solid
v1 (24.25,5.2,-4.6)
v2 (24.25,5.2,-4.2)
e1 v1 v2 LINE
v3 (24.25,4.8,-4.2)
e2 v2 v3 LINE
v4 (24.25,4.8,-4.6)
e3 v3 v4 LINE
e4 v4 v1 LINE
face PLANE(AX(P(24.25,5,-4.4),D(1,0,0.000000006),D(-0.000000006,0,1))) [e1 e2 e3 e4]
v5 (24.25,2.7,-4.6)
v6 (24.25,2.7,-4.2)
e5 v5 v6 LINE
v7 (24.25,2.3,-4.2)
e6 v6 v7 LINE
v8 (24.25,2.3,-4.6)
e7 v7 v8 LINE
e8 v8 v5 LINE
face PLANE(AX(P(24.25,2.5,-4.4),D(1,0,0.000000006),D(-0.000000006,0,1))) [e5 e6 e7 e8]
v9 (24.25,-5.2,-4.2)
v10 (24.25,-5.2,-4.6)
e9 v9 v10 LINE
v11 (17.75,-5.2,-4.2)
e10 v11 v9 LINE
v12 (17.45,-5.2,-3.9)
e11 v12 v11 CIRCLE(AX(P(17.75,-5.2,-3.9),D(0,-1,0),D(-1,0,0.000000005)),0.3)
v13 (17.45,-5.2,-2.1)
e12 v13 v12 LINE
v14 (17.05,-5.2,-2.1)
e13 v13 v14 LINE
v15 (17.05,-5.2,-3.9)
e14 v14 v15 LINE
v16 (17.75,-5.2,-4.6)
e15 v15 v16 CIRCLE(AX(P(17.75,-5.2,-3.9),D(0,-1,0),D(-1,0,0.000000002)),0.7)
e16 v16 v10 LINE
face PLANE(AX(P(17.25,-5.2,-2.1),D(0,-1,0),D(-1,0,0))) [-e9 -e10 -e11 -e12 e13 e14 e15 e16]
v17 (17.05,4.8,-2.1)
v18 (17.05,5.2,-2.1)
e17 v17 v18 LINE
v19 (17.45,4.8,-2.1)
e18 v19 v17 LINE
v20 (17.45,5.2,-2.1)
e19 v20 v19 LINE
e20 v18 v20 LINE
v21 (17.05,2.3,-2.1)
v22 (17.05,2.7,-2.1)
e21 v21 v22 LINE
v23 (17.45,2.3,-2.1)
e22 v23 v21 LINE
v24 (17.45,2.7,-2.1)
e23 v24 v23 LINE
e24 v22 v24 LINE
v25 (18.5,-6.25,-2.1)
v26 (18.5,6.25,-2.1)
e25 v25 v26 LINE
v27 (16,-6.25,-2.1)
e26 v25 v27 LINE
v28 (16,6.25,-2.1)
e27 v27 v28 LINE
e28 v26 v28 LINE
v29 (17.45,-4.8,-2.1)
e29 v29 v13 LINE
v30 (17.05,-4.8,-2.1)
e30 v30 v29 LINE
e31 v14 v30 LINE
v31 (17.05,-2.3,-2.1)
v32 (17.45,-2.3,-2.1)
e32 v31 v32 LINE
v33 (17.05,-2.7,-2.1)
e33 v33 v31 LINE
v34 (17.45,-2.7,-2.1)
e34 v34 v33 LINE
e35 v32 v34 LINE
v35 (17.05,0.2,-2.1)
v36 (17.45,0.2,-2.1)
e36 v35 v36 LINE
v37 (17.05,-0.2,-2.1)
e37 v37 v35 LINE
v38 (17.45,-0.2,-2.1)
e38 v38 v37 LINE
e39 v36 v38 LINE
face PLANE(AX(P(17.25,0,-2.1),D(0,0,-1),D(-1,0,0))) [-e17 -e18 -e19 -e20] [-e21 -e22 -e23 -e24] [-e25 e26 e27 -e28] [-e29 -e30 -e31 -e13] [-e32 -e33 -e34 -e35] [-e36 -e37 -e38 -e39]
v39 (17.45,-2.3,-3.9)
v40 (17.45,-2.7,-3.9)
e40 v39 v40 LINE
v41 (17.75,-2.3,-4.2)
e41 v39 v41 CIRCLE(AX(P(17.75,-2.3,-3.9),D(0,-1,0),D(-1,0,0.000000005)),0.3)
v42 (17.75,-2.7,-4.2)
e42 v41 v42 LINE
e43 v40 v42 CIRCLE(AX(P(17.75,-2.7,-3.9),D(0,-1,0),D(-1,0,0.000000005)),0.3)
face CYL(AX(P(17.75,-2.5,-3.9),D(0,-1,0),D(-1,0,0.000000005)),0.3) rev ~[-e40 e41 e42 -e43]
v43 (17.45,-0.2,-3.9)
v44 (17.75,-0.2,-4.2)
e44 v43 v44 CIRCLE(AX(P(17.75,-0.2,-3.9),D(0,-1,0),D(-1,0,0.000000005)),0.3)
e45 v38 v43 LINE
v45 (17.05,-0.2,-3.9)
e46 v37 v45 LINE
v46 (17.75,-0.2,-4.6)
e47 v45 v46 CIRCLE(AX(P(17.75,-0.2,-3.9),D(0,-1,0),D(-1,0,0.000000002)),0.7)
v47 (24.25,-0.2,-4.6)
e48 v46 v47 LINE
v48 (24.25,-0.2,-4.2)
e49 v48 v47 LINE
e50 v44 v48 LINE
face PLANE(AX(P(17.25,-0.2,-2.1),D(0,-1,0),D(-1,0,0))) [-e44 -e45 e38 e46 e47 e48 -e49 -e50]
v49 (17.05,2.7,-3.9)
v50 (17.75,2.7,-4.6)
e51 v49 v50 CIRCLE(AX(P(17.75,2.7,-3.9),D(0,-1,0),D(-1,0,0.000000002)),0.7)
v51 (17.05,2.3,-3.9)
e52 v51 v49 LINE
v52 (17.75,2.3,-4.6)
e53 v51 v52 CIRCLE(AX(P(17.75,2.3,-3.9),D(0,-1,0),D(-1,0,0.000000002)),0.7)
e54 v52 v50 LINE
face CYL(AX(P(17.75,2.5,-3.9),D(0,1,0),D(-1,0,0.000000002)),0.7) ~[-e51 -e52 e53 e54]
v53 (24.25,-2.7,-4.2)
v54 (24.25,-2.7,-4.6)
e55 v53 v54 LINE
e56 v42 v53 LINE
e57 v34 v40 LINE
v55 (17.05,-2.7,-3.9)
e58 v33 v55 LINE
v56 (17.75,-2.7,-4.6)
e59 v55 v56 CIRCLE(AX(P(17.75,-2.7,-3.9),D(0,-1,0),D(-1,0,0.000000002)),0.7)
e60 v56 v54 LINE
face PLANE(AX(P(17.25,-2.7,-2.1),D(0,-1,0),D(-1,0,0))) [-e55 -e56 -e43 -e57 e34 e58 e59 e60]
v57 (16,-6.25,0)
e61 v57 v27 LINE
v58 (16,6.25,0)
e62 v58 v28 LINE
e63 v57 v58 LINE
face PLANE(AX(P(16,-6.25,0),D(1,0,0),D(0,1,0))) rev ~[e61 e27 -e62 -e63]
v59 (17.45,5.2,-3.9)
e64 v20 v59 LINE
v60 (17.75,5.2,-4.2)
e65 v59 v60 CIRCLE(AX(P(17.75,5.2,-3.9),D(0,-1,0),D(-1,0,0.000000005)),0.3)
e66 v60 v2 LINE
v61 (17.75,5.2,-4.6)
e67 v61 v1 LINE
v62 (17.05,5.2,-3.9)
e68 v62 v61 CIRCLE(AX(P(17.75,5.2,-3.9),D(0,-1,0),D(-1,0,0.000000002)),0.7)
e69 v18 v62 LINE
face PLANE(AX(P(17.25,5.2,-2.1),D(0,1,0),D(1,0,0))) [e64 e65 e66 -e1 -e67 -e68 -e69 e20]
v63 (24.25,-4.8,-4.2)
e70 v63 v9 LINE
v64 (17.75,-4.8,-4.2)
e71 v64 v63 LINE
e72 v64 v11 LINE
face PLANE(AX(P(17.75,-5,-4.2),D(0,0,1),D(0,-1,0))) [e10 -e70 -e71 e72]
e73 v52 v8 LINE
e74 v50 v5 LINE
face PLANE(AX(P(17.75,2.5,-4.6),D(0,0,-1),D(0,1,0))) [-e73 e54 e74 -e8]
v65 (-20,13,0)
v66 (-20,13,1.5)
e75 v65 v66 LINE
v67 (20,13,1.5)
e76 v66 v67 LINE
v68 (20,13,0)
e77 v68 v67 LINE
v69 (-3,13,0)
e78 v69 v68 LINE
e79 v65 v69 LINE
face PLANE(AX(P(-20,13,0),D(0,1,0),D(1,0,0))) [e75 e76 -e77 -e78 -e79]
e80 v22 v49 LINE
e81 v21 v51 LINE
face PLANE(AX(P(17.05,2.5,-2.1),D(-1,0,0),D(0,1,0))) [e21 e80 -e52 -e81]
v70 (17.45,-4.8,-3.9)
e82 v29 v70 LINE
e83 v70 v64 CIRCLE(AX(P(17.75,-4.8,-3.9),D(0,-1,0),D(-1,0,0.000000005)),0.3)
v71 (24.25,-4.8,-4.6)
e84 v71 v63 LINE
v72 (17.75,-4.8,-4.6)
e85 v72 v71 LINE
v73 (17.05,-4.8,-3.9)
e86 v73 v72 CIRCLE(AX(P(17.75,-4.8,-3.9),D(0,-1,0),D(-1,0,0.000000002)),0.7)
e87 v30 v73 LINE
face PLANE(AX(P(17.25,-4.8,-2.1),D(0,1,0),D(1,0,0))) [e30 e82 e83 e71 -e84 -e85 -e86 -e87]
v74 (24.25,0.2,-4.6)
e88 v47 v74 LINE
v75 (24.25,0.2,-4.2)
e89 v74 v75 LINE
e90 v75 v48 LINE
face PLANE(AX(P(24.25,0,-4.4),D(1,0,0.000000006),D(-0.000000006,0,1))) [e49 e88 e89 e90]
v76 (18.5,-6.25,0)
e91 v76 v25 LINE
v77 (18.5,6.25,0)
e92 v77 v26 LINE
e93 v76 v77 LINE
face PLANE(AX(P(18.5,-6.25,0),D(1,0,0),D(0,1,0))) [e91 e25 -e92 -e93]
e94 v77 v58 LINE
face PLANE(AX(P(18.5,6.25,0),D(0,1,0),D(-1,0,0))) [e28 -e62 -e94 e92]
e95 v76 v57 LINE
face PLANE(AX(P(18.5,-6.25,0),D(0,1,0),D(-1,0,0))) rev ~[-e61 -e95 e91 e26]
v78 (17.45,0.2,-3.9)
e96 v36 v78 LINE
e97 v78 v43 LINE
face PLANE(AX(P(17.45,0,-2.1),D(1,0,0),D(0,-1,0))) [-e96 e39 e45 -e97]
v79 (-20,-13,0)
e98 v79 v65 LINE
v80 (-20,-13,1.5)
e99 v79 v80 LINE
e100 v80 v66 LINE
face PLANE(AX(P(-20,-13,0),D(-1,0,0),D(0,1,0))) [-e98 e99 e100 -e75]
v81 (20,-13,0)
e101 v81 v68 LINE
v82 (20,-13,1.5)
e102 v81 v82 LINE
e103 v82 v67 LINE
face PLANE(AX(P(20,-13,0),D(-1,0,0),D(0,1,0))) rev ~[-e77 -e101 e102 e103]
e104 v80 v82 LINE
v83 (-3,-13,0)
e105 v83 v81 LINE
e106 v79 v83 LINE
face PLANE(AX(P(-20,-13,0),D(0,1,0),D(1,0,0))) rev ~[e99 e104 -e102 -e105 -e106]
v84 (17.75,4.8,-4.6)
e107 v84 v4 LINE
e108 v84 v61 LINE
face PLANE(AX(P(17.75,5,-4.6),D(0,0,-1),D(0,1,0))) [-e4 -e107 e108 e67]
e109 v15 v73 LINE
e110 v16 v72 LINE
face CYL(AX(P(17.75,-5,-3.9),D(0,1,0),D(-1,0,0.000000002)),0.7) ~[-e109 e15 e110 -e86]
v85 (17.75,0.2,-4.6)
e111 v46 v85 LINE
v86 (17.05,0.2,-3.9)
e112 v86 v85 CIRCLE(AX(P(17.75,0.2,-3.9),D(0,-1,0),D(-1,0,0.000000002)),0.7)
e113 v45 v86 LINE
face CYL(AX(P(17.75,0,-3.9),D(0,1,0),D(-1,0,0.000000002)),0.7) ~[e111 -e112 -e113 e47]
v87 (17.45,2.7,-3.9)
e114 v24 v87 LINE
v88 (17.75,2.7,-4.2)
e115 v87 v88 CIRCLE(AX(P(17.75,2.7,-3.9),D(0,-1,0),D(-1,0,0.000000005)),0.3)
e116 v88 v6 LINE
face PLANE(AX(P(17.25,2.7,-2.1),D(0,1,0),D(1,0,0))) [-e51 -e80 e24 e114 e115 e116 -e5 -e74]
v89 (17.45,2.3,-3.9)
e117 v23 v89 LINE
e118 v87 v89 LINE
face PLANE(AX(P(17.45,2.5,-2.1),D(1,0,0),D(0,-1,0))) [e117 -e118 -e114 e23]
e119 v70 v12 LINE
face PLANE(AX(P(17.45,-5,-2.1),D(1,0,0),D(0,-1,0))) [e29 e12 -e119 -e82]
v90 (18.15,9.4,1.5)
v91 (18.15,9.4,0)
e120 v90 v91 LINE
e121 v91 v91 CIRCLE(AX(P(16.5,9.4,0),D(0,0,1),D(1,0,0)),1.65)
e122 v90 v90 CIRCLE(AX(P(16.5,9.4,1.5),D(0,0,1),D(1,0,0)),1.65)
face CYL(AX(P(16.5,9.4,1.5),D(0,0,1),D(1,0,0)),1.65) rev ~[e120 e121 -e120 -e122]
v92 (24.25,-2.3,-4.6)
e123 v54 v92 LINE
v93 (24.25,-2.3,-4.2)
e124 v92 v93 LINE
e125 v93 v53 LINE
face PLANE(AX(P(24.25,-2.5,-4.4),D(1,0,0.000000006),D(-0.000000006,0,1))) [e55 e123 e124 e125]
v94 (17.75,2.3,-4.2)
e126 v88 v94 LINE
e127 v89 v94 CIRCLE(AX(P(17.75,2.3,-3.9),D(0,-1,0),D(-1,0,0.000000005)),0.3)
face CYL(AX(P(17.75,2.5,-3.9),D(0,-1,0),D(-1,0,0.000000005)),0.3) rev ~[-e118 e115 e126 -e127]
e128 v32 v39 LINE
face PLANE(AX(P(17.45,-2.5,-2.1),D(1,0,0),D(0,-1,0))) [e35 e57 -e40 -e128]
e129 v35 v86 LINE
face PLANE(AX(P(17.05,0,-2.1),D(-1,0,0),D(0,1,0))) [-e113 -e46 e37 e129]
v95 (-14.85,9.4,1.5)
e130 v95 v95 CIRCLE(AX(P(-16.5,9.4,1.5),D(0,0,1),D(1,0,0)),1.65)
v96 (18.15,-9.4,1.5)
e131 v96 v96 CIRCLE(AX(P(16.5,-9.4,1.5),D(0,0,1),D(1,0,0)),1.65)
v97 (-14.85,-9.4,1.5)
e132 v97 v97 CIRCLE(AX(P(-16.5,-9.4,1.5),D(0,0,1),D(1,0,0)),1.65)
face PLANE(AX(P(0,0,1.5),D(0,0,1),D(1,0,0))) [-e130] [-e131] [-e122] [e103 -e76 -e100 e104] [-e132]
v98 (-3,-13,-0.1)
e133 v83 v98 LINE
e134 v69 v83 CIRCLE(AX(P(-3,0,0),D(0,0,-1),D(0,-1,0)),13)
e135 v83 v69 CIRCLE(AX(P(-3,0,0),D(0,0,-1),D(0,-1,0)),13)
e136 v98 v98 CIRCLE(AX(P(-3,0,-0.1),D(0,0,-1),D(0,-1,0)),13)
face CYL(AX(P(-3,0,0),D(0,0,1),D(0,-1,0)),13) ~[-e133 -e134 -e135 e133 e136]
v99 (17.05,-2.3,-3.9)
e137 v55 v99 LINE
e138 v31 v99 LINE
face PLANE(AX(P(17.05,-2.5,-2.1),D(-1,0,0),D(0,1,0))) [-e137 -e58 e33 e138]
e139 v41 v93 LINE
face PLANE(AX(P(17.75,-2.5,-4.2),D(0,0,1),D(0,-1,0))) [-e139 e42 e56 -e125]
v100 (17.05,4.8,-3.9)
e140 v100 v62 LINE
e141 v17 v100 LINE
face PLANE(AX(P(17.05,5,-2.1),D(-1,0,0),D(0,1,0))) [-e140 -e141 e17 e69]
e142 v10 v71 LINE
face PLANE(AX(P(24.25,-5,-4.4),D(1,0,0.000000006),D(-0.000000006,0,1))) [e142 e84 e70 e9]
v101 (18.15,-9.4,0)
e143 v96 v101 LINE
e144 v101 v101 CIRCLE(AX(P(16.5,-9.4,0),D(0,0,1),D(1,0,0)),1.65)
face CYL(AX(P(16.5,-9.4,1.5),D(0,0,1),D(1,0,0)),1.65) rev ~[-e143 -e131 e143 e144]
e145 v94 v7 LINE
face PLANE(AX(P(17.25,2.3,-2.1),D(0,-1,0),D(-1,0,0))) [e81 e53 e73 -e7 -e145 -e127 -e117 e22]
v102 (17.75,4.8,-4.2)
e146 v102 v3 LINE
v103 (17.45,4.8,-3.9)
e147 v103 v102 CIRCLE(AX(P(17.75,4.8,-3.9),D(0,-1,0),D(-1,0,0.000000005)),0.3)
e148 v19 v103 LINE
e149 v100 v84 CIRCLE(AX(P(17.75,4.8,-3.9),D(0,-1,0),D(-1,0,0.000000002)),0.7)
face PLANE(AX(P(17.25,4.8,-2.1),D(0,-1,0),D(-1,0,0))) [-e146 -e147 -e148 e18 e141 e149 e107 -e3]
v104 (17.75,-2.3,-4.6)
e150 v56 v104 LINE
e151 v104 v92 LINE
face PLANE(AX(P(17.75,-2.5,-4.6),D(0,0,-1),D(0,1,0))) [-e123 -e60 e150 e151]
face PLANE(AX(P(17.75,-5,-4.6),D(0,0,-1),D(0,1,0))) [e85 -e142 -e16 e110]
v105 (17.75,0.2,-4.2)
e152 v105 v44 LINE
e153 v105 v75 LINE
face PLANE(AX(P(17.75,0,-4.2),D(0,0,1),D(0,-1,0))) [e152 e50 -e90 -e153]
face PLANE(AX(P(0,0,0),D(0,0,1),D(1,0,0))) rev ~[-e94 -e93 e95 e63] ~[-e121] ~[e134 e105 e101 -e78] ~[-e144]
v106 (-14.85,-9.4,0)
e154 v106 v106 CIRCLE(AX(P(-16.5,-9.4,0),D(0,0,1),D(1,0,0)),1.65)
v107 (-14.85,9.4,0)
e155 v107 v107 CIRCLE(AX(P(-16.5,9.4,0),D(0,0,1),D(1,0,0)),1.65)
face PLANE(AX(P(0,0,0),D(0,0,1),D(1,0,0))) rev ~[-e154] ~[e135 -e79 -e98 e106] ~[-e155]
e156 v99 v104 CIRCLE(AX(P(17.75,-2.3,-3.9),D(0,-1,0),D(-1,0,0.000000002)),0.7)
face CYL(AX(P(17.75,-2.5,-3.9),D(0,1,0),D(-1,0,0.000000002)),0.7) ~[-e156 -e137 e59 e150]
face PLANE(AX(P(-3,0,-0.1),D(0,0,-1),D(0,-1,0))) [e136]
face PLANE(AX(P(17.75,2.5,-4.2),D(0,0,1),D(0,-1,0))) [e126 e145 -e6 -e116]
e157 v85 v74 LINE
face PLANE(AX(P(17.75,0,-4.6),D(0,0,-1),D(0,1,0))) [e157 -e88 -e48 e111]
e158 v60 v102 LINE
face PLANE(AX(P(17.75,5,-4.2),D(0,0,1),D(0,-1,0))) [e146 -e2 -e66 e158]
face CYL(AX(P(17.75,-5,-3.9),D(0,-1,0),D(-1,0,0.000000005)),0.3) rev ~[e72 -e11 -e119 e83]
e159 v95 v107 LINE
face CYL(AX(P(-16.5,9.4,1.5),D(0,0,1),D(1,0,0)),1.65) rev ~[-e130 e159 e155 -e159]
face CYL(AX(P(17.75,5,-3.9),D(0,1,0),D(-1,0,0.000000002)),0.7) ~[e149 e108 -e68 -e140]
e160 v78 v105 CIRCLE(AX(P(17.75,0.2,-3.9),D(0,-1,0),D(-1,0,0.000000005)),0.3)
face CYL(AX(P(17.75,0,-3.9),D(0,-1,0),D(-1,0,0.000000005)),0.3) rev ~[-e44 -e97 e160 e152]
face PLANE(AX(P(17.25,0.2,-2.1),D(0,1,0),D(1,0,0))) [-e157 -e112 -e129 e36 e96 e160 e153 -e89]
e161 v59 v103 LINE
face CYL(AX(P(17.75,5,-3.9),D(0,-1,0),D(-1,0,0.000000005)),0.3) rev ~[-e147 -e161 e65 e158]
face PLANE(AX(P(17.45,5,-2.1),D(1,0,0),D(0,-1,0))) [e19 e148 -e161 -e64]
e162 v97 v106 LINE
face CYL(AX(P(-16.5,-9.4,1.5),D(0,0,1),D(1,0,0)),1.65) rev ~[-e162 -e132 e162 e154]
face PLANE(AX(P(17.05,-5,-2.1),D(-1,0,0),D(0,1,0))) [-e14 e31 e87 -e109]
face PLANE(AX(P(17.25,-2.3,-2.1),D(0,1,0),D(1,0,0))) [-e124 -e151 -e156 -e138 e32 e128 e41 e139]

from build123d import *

# Parameters (mm, degrees)
SKETCH_1_W          = 40
SKETCH_1_H          = 26
EXTRUDE_1_DEPTH     = 1.5
SKETCH_2_R          = 1.65
CUT_EXTRUDE_1_DEPTH = 1.5
SKETCH_3_R          = 13
EXTRUDE_2_DEPTH     = 0.1
SKETCH_4_W          = 2.5
SKETCH_4_H          = 12.5
EXTRUDE_3_DEPTH     = 2.1
SKETCH_5_W          = 0.4
SKETCH_5_H          = 0.4


with BuildPart() as part:
    # 草图1 → 凸台-拉伸1 (new body)
    with BuildSketch(Plane.XY):
        Rectangle(SKETCH_1_W, SKETCH_1_H)
    extrude(amount=EXTRUDE_1_DEPTH)

    # 草图2 → 切除-拉伸1 (cut)
    with BuildSketch(Plane.XY.offset(1.5)):
        with Locations((-16.5, 9.4)):
            Circle(SKETCH_2_R)
        with Locations((16.5, 9.4)):
            Circle(SKETCH_2_R)
        with Locations((16.5, -9.4)):
            Circle(SKETCH_2_R)
        with Locations((-16.5, -9.4)):
            Circle(SKETCH_2_R)
    extrude(amount=-CUT_EXTRUDE_1_DEPTH, mode=Mode.SUBTRACT)

    # 草图3 → 凸台-拉伸2 (add)
    with BuildSketch(Plane(origin=(0, 0, 0), x_dir=(-1, 0, 0), z_dir=(0, 0, -1))):
        with Locations(Location((3, 0, 0), (0, 0, 270))):
            Circle(SKETCH_3_R)
    extrude(amount=EXTRUDE_2_DEPTH)

    # 草图4 → 凸台-拉伸3 (add)
    with BuildSketch(Plane(origin=(0, 0, 0), x_dir=(-1, 0, 0), z_dir=(0, 0, -1))):
        with Locations((-17.25, 0)):
            Rectangle(SKETCH_4_W, SKETCH_4_H)
    extrude(amount=EXTRUDE_3_DEPTH)

    # 扫描1: sweep along a path in 草图6
    with BuildLine(Plane(origin=(0, 5.2, 0), x_dir=(-1, 0, 0), z_dir=(0, -1, 0))) as sweep_1_path:
        Line((-17.25, 2.1), (-17.25, 3.9))
        ThreePointArc((-17.25, 3.9), (-17.396446609, 4.253553391), (-17.75, 4.4))
        Line((-17.75, 4.4), (-24.25, 4.4))
    # 草图5 → 扫描1 (sweep)
    with BuildSketch(Plane(origin=(0, 0, -2.1), x_dir=(-1, 0, 0), z_dir=(0, 0, -1))):
        with Locations((-17.25, 2.5)):
            Rectangle(SKETCH_5_W, SKETCH_5_H)
        with Locations((-17.25, 5)):
            Rectangle(SKETCH_5_W, SKETCH_5_H)
        with Locations((-17.25, 0)):
            Rectangle(SKETCH_5_W, SKETCH_5_H)
        with Locations((-17.25, -2.5)):
            Rectangle(SKETCH_5_W, SKETCH_5_H)
        with Locations((-17.25, -5)):
            Rectangle(SKETCH_5_W, SKETCH_5_H)
    sweep(path=sweep_1_path.line)


solid = part.part
